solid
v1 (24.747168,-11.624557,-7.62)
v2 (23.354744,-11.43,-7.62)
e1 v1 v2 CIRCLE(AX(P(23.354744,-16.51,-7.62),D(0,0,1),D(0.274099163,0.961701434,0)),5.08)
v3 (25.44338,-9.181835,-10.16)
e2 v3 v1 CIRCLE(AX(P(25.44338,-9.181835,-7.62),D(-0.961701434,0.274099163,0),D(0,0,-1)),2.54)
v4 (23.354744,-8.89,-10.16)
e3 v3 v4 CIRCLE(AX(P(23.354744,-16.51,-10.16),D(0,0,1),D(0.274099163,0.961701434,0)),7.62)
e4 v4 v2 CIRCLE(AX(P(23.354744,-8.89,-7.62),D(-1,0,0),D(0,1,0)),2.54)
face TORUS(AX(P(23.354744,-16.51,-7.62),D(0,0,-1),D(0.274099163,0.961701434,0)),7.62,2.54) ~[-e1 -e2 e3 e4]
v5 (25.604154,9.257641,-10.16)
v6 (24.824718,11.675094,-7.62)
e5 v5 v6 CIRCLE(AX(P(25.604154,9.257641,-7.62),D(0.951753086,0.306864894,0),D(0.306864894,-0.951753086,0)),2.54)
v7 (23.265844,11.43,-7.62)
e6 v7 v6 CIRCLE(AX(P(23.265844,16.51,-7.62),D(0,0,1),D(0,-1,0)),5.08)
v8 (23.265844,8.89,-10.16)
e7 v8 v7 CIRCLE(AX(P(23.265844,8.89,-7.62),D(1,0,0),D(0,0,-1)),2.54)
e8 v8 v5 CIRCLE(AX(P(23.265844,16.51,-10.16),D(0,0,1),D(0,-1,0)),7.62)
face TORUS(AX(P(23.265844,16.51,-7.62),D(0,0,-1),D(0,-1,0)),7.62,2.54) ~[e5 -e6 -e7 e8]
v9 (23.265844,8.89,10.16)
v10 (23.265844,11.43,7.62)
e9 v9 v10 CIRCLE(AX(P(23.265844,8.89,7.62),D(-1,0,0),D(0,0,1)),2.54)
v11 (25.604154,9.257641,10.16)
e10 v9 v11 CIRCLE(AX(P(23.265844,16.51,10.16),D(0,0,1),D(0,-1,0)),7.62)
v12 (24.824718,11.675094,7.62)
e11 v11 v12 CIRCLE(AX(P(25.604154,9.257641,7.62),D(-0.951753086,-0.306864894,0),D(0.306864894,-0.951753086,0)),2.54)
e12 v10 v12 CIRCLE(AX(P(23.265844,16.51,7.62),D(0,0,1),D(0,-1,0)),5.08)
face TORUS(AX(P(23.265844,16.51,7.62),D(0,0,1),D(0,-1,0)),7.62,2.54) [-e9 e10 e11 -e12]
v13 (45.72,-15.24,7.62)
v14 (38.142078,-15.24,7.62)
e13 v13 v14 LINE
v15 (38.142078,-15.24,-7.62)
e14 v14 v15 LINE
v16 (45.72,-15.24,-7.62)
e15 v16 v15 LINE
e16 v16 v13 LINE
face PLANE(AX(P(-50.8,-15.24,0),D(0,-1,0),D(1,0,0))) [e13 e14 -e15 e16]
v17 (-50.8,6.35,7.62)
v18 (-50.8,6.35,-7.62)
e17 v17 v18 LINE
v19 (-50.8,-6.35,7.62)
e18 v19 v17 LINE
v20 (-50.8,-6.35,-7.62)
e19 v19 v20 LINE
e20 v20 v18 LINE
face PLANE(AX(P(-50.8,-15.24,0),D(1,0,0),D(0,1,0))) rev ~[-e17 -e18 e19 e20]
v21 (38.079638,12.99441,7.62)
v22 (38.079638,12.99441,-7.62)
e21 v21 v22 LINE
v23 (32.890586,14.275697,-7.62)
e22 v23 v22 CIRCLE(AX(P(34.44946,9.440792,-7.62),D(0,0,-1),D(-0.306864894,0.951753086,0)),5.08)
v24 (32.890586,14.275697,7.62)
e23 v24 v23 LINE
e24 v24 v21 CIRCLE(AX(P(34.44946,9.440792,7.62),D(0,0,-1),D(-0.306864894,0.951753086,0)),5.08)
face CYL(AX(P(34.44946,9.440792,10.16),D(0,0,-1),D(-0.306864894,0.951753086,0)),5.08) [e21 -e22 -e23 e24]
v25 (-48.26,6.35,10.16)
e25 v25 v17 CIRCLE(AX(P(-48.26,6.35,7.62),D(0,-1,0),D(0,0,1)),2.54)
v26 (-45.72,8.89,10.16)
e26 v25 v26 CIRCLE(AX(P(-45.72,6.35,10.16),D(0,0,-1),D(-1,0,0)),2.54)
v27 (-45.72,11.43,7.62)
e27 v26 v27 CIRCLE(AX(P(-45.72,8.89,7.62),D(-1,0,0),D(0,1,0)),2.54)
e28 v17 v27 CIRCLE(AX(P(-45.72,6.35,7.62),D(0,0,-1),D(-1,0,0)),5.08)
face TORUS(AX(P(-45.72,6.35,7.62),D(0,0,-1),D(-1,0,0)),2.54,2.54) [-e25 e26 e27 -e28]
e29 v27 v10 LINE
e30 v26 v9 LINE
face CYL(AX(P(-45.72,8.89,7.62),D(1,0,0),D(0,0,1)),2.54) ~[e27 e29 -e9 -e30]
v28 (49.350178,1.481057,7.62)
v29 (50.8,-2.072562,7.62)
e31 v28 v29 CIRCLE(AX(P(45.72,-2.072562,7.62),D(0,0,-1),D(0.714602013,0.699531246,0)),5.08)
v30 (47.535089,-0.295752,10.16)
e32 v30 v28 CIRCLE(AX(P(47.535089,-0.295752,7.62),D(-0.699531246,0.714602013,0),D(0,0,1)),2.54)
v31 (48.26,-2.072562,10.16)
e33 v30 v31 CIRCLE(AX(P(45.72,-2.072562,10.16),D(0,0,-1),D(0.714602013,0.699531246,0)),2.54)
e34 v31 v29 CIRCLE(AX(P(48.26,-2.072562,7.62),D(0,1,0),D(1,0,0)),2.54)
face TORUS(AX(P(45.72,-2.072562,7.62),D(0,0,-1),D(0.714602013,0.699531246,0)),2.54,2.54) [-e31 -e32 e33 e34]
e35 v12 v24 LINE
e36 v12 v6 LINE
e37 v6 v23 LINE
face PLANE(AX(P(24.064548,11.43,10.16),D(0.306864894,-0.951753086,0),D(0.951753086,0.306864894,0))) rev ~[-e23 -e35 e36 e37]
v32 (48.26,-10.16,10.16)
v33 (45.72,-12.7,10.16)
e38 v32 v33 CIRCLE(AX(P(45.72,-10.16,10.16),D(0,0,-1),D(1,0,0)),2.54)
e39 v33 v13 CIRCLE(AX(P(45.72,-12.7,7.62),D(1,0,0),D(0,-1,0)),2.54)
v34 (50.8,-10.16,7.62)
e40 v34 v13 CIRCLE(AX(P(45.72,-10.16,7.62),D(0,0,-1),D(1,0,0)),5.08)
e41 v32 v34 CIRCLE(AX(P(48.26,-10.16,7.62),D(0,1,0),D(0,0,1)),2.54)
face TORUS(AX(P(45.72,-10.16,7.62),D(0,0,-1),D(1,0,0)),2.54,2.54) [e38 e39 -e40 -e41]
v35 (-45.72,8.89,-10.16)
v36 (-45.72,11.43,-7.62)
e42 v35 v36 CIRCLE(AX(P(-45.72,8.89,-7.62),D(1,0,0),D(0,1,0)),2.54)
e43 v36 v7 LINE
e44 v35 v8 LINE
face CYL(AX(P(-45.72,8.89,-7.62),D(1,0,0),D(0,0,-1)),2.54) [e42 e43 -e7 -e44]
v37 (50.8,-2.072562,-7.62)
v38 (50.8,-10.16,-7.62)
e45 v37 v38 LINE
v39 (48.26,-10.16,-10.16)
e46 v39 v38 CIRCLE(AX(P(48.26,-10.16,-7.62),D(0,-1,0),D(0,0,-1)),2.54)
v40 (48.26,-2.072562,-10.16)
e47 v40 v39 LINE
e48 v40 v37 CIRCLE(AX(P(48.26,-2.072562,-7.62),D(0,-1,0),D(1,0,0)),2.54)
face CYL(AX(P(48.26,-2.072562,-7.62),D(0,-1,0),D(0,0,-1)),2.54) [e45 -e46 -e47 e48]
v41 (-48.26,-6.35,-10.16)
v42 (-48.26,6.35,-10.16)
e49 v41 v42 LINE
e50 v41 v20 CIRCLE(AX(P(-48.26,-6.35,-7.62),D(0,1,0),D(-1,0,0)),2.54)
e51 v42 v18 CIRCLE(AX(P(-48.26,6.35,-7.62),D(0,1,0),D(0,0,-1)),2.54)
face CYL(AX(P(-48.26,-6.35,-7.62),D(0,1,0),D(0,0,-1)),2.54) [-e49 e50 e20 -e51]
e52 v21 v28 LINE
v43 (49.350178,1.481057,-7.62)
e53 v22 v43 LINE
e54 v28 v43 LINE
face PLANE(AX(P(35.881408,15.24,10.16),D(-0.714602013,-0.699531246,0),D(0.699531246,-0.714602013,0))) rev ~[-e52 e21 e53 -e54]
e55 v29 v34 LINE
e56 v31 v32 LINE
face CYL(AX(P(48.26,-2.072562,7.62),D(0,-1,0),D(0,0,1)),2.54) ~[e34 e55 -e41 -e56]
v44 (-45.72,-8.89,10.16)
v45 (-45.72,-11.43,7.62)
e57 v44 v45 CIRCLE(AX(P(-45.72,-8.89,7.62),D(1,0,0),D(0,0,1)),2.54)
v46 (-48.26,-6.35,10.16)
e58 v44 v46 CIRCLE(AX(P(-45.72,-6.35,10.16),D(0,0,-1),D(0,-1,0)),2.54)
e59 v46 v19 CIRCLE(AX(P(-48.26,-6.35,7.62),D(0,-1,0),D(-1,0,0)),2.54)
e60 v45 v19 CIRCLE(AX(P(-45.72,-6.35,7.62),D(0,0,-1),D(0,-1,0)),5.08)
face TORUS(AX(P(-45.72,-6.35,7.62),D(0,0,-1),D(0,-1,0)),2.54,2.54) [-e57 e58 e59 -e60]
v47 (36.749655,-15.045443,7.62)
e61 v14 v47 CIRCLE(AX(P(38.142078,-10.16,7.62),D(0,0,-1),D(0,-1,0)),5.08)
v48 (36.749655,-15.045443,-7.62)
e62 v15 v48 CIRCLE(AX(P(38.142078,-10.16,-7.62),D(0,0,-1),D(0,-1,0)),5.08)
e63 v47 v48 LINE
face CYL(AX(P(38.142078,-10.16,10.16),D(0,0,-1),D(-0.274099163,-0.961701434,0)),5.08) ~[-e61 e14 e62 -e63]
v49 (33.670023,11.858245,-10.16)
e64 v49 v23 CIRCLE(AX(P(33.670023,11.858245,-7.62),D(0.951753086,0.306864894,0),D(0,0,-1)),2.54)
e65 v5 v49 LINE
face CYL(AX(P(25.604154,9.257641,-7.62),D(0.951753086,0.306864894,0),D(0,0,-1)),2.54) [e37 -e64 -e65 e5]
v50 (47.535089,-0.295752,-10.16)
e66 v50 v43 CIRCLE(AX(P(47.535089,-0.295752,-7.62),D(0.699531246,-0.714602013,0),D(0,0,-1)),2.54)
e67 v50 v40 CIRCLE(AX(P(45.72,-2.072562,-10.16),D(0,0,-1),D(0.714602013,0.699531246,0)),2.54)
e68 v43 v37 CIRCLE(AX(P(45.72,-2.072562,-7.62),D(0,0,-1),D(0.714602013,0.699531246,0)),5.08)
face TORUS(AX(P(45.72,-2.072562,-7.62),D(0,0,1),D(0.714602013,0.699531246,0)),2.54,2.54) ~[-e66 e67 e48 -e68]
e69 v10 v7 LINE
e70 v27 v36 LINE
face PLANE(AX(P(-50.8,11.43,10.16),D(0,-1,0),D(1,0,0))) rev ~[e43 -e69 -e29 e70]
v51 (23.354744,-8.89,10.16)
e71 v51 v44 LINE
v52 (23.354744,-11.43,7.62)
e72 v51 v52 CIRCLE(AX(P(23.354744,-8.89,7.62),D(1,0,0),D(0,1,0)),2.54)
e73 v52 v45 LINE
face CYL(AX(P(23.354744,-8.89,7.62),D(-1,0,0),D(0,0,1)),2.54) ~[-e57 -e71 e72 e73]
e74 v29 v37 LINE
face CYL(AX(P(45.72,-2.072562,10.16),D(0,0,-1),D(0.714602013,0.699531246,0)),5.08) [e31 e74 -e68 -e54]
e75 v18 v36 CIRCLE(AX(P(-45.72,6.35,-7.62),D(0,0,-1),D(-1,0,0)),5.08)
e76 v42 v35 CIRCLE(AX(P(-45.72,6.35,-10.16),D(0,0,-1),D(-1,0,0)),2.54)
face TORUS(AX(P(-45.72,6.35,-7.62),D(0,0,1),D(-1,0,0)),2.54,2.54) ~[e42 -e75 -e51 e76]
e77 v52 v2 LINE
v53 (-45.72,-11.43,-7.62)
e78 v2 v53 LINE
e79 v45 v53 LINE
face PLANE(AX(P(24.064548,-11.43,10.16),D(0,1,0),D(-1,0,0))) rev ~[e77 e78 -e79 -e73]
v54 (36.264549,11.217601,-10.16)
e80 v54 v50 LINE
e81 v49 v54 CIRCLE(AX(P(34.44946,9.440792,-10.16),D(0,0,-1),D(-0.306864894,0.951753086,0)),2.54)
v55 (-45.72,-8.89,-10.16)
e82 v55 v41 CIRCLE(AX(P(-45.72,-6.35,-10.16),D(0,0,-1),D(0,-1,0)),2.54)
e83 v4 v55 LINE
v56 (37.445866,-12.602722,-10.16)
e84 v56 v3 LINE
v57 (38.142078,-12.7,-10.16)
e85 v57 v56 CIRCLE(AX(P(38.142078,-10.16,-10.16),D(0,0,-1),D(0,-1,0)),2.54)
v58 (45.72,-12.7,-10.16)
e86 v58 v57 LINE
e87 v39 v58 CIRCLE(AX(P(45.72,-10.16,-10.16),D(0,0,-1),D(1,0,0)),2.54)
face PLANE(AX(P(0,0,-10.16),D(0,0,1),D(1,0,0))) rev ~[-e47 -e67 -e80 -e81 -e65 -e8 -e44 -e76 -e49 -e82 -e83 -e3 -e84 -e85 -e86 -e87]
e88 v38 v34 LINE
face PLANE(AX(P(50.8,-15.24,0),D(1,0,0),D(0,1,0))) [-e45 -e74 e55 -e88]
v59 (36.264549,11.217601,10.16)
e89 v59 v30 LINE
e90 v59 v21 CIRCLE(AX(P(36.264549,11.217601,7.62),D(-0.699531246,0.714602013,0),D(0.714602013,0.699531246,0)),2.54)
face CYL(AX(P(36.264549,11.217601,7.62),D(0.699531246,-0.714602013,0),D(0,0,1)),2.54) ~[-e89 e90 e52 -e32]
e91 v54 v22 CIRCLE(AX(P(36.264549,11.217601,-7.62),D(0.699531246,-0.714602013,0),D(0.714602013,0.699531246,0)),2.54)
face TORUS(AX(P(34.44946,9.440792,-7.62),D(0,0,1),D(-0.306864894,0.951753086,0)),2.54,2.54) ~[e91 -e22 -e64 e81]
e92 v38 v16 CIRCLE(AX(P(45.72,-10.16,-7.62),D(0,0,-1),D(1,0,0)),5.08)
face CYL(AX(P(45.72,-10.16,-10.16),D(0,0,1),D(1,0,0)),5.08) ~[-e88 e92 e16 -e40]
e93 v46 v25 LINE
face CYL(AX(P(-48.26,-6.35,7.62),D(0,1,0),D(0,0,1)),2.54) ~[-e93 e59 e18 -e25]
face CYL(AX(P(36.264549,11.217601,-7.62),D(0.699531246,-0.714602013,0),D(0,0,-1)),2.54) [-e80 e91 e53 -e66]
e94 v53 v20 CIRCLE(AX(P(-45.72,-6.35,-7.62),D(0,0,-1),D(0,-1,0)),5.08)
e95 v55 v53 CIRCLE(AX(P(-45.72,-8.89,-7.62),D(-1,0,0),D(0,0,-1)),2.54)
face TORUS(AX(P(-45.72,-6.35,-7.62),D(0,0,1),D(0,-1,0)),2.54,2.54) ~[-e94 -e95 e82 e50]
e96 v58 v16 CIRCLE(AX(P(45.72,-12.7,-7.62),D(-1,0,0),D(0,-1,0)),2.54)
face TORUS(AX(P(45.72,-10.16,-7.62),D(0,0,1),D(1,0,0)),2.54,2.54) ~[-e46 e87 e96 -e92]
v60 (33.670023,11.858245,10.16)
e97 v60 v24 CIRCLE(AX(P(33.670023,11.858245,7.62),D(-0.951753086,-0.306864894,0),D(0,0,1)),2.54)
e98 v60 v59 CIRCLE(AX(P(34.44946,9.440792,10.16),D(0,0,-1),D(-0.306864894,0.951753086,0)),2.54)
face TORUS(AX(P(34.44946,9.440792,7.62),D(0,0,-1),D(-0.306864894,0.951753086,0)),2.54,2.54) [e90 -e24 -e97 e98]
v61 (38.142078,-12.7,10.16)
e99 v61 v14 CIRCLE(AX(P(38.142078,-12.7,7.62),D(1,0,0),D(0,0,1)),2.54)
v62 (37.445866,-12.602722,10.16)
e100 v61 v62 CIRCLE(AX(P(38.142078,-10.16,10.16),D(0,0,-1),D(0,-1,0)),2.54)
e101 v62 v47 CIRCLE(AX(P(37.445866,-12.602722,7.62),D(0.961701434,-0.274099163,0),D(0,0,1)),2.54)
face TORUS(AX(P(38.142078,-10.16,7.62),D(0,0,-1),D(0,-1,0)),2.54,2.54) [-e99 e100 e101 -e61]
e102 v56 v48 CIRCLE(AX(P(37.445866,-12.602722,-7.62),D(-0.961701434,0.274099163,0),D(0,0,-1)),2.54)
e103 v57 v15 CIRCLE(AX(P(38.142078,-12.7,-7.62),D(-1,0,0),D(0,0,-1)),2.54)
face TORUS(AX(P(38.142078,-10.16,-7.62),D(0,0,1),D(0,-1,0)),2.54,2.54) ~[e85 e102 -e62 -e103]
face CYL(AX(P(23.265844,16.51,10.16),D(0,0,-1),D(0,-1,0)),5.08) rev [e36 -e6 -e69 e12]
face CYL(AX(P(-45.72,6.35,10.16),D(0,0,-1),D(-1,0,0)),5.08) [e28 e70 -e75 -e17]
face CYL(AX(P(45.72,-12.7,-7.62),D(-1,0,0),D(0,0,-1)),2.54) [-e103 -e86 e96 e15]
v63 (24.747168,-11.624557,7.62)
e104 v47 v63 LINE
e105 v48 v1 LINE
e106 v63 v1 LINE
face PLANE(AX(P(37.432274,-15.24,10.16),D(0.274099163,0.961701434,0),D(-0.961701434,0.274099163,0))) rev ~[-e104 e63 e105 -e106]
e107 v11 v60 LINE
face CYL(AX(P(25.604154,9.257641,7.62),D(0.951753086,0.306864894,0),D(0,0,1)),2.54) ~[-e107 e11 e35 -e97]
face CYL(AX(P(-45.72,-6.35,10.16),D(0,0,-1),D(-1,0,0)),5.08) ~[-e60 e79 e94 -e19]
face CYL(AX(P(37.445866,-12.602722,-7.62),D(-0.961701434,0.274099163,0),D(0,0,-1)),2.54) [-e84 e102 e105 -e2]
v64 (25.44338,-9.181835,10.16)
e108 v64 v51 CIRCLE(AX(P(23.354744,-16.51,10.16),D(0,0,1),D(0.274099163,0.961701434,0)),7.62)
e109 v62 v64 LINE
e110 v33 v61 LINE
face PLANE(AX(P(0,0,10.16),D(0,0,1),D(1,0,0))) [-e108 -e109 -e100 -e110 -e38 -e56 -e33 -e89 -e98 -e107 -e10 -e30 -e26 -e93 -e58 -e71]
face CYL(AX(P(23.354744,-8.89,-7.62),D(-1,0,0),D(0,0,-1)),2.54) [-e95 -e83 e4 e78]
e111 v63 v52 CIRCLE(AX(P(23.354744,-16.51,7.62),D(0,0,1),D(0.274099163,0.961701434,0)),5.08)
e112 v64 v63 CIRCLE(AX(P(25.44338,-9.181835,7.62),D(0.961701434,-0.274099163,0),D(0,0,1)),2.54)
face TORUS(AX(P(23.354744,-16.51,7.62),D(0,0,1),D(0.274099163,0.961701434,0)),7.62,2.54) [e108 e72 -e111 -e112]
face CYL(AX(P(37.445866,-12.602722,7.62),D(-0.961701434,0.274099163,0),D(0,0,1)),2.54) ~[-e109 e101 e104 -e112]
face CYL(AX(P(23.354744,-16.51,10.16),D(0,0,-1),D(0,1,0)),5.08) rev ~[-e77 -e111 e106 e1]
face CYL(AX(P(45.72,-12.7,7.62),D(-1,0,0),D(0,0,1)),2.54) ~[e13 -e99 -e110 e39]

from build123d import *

# Parameters (mm, degrees)
F0_W          = 101.6
F0_H          = 30.48
F1_DEPTH      = 10.16
F1_DEPTH_BACK = 10.16
F3_DEPTH      = 25.4
F4_R          = 5.08
F5_R          = 2.54


with BuildPart() as f1:
    # F0 (on Top) → F1 (new body, two sides)
    with BuildSketch(Plane.XY) as f1_sk:
        Rectangle(F0_W, F0_H)
    extrude(amount=F1_DEPTH)
    extrude(f1_sk.sketch, amount=-F1_DEPTH_BACK)

    # F2 (on face) → F3 (cut)
    with BuildSketch(Plane.XY.offset(10.16)):
        Polygon((37.4322741568, -15.24), (24.0645483136, -11.43), (-50.8, -11.43), (-50.8, -15.24), align=None)
        Polygon((35.8814075589, 15.24), (50.8, 0), (50.8, 15.24), align=None)
        Polygon((-50.8, 15.24), (-50.8, 11.43), (24.0645483136, 11.43), (35.8814075589, 15.24), align=None)
        Polygon((-50.8, -15.24), (-50.8, -11.43), (-50.8, 11.43), (-50.8, 15.24), (35.8814075589, 15.24), (50.8, 15.24), (50.8, 0), (61.7307946086, 0), (61.7307946086, 22.9567158967), (-64.5619183779, 22.9567158967), (-64.5619183779, -22.5874371827), (63.700273633, -22.5874371827), (50.8, -15.24), (37.4322741568, -15.24), align=None)
    extrude(amount=-F3_DEPTH, mode=Mode.SUBTRACT)

    # F4
    f4_edges = [f1.edges().sort_by_distance(p)[0] for p in [
        (35.881408, 15.24, 0),
        (24.064548, 11.43, 0),
        (50.8, -15.24, 0),
        (37.432274, -15.24, 0),
        (24.064548, -11.43, 0),
        (-50.8, -11.43, 0),
        (-50.8, 11.43, 0),
        (50.8, 0, 0),
    ]]
    fillet(f4_edges, radius=F4_R)

    # F5
    f5_edges = [f1.edges().sort_by_distance(p)[0] for p in [
        (30.748411, -13.335, -10.16),
        (37.439103, -15.191126, -10.16),
        (24.057719, -11.478874, -10.16),
        (41.931039, -15.24, -10.16),
        (-11.182628, -11.43, -10.16),
        (49.312102, -13.752102, -10.16),
        (-49.312102, -9.942102, -10.16),
        (50.8, -6.116281, -10.16),
        (-50.8, 0, -10.16),
        (50.4236, -0.153565, -10.16),
        (-49.312102, 9.942102, -10.16),
        (43.714908, 7.237734, -10.16),
        (-11.227078, 11.43, -10.16),
        (35.667245, 14.372668, -10.16),
        (24.054856, 11.491648, -10.16),
        (28.857652, 12.975396, -10.16),
        (30.748411, -13.335, 10.16),
        (37.439103, -15.191126, 10.16),
        (24.057719, -11.478874, 10.16),
        (41.931039, -15.24, 10.16),
        (-11.182628, -11.43, 10.16),
        (49.312102, -13.752102, 10.16),
        (-49.312102, -9.942102, 10.16),
        (50.8, -6.116281, 10.16),
        (-50.8, 0, 10.16),
        (50.4236, -0.153565, 10.16),
        (-49.312102, 9.942102, 10.16),
        (43.714908, 7.237734, 10.16),
        (-11.227078, 11.43, 10.16),
        (35.667245, 14.372668, 10.16),
        (24.054856, 11.491648, 10.16),
        (28.857652, 12.975396, 10.16),
    ]]
    fillet(f5_edges, radius=F5_R)


solid = f1.part
